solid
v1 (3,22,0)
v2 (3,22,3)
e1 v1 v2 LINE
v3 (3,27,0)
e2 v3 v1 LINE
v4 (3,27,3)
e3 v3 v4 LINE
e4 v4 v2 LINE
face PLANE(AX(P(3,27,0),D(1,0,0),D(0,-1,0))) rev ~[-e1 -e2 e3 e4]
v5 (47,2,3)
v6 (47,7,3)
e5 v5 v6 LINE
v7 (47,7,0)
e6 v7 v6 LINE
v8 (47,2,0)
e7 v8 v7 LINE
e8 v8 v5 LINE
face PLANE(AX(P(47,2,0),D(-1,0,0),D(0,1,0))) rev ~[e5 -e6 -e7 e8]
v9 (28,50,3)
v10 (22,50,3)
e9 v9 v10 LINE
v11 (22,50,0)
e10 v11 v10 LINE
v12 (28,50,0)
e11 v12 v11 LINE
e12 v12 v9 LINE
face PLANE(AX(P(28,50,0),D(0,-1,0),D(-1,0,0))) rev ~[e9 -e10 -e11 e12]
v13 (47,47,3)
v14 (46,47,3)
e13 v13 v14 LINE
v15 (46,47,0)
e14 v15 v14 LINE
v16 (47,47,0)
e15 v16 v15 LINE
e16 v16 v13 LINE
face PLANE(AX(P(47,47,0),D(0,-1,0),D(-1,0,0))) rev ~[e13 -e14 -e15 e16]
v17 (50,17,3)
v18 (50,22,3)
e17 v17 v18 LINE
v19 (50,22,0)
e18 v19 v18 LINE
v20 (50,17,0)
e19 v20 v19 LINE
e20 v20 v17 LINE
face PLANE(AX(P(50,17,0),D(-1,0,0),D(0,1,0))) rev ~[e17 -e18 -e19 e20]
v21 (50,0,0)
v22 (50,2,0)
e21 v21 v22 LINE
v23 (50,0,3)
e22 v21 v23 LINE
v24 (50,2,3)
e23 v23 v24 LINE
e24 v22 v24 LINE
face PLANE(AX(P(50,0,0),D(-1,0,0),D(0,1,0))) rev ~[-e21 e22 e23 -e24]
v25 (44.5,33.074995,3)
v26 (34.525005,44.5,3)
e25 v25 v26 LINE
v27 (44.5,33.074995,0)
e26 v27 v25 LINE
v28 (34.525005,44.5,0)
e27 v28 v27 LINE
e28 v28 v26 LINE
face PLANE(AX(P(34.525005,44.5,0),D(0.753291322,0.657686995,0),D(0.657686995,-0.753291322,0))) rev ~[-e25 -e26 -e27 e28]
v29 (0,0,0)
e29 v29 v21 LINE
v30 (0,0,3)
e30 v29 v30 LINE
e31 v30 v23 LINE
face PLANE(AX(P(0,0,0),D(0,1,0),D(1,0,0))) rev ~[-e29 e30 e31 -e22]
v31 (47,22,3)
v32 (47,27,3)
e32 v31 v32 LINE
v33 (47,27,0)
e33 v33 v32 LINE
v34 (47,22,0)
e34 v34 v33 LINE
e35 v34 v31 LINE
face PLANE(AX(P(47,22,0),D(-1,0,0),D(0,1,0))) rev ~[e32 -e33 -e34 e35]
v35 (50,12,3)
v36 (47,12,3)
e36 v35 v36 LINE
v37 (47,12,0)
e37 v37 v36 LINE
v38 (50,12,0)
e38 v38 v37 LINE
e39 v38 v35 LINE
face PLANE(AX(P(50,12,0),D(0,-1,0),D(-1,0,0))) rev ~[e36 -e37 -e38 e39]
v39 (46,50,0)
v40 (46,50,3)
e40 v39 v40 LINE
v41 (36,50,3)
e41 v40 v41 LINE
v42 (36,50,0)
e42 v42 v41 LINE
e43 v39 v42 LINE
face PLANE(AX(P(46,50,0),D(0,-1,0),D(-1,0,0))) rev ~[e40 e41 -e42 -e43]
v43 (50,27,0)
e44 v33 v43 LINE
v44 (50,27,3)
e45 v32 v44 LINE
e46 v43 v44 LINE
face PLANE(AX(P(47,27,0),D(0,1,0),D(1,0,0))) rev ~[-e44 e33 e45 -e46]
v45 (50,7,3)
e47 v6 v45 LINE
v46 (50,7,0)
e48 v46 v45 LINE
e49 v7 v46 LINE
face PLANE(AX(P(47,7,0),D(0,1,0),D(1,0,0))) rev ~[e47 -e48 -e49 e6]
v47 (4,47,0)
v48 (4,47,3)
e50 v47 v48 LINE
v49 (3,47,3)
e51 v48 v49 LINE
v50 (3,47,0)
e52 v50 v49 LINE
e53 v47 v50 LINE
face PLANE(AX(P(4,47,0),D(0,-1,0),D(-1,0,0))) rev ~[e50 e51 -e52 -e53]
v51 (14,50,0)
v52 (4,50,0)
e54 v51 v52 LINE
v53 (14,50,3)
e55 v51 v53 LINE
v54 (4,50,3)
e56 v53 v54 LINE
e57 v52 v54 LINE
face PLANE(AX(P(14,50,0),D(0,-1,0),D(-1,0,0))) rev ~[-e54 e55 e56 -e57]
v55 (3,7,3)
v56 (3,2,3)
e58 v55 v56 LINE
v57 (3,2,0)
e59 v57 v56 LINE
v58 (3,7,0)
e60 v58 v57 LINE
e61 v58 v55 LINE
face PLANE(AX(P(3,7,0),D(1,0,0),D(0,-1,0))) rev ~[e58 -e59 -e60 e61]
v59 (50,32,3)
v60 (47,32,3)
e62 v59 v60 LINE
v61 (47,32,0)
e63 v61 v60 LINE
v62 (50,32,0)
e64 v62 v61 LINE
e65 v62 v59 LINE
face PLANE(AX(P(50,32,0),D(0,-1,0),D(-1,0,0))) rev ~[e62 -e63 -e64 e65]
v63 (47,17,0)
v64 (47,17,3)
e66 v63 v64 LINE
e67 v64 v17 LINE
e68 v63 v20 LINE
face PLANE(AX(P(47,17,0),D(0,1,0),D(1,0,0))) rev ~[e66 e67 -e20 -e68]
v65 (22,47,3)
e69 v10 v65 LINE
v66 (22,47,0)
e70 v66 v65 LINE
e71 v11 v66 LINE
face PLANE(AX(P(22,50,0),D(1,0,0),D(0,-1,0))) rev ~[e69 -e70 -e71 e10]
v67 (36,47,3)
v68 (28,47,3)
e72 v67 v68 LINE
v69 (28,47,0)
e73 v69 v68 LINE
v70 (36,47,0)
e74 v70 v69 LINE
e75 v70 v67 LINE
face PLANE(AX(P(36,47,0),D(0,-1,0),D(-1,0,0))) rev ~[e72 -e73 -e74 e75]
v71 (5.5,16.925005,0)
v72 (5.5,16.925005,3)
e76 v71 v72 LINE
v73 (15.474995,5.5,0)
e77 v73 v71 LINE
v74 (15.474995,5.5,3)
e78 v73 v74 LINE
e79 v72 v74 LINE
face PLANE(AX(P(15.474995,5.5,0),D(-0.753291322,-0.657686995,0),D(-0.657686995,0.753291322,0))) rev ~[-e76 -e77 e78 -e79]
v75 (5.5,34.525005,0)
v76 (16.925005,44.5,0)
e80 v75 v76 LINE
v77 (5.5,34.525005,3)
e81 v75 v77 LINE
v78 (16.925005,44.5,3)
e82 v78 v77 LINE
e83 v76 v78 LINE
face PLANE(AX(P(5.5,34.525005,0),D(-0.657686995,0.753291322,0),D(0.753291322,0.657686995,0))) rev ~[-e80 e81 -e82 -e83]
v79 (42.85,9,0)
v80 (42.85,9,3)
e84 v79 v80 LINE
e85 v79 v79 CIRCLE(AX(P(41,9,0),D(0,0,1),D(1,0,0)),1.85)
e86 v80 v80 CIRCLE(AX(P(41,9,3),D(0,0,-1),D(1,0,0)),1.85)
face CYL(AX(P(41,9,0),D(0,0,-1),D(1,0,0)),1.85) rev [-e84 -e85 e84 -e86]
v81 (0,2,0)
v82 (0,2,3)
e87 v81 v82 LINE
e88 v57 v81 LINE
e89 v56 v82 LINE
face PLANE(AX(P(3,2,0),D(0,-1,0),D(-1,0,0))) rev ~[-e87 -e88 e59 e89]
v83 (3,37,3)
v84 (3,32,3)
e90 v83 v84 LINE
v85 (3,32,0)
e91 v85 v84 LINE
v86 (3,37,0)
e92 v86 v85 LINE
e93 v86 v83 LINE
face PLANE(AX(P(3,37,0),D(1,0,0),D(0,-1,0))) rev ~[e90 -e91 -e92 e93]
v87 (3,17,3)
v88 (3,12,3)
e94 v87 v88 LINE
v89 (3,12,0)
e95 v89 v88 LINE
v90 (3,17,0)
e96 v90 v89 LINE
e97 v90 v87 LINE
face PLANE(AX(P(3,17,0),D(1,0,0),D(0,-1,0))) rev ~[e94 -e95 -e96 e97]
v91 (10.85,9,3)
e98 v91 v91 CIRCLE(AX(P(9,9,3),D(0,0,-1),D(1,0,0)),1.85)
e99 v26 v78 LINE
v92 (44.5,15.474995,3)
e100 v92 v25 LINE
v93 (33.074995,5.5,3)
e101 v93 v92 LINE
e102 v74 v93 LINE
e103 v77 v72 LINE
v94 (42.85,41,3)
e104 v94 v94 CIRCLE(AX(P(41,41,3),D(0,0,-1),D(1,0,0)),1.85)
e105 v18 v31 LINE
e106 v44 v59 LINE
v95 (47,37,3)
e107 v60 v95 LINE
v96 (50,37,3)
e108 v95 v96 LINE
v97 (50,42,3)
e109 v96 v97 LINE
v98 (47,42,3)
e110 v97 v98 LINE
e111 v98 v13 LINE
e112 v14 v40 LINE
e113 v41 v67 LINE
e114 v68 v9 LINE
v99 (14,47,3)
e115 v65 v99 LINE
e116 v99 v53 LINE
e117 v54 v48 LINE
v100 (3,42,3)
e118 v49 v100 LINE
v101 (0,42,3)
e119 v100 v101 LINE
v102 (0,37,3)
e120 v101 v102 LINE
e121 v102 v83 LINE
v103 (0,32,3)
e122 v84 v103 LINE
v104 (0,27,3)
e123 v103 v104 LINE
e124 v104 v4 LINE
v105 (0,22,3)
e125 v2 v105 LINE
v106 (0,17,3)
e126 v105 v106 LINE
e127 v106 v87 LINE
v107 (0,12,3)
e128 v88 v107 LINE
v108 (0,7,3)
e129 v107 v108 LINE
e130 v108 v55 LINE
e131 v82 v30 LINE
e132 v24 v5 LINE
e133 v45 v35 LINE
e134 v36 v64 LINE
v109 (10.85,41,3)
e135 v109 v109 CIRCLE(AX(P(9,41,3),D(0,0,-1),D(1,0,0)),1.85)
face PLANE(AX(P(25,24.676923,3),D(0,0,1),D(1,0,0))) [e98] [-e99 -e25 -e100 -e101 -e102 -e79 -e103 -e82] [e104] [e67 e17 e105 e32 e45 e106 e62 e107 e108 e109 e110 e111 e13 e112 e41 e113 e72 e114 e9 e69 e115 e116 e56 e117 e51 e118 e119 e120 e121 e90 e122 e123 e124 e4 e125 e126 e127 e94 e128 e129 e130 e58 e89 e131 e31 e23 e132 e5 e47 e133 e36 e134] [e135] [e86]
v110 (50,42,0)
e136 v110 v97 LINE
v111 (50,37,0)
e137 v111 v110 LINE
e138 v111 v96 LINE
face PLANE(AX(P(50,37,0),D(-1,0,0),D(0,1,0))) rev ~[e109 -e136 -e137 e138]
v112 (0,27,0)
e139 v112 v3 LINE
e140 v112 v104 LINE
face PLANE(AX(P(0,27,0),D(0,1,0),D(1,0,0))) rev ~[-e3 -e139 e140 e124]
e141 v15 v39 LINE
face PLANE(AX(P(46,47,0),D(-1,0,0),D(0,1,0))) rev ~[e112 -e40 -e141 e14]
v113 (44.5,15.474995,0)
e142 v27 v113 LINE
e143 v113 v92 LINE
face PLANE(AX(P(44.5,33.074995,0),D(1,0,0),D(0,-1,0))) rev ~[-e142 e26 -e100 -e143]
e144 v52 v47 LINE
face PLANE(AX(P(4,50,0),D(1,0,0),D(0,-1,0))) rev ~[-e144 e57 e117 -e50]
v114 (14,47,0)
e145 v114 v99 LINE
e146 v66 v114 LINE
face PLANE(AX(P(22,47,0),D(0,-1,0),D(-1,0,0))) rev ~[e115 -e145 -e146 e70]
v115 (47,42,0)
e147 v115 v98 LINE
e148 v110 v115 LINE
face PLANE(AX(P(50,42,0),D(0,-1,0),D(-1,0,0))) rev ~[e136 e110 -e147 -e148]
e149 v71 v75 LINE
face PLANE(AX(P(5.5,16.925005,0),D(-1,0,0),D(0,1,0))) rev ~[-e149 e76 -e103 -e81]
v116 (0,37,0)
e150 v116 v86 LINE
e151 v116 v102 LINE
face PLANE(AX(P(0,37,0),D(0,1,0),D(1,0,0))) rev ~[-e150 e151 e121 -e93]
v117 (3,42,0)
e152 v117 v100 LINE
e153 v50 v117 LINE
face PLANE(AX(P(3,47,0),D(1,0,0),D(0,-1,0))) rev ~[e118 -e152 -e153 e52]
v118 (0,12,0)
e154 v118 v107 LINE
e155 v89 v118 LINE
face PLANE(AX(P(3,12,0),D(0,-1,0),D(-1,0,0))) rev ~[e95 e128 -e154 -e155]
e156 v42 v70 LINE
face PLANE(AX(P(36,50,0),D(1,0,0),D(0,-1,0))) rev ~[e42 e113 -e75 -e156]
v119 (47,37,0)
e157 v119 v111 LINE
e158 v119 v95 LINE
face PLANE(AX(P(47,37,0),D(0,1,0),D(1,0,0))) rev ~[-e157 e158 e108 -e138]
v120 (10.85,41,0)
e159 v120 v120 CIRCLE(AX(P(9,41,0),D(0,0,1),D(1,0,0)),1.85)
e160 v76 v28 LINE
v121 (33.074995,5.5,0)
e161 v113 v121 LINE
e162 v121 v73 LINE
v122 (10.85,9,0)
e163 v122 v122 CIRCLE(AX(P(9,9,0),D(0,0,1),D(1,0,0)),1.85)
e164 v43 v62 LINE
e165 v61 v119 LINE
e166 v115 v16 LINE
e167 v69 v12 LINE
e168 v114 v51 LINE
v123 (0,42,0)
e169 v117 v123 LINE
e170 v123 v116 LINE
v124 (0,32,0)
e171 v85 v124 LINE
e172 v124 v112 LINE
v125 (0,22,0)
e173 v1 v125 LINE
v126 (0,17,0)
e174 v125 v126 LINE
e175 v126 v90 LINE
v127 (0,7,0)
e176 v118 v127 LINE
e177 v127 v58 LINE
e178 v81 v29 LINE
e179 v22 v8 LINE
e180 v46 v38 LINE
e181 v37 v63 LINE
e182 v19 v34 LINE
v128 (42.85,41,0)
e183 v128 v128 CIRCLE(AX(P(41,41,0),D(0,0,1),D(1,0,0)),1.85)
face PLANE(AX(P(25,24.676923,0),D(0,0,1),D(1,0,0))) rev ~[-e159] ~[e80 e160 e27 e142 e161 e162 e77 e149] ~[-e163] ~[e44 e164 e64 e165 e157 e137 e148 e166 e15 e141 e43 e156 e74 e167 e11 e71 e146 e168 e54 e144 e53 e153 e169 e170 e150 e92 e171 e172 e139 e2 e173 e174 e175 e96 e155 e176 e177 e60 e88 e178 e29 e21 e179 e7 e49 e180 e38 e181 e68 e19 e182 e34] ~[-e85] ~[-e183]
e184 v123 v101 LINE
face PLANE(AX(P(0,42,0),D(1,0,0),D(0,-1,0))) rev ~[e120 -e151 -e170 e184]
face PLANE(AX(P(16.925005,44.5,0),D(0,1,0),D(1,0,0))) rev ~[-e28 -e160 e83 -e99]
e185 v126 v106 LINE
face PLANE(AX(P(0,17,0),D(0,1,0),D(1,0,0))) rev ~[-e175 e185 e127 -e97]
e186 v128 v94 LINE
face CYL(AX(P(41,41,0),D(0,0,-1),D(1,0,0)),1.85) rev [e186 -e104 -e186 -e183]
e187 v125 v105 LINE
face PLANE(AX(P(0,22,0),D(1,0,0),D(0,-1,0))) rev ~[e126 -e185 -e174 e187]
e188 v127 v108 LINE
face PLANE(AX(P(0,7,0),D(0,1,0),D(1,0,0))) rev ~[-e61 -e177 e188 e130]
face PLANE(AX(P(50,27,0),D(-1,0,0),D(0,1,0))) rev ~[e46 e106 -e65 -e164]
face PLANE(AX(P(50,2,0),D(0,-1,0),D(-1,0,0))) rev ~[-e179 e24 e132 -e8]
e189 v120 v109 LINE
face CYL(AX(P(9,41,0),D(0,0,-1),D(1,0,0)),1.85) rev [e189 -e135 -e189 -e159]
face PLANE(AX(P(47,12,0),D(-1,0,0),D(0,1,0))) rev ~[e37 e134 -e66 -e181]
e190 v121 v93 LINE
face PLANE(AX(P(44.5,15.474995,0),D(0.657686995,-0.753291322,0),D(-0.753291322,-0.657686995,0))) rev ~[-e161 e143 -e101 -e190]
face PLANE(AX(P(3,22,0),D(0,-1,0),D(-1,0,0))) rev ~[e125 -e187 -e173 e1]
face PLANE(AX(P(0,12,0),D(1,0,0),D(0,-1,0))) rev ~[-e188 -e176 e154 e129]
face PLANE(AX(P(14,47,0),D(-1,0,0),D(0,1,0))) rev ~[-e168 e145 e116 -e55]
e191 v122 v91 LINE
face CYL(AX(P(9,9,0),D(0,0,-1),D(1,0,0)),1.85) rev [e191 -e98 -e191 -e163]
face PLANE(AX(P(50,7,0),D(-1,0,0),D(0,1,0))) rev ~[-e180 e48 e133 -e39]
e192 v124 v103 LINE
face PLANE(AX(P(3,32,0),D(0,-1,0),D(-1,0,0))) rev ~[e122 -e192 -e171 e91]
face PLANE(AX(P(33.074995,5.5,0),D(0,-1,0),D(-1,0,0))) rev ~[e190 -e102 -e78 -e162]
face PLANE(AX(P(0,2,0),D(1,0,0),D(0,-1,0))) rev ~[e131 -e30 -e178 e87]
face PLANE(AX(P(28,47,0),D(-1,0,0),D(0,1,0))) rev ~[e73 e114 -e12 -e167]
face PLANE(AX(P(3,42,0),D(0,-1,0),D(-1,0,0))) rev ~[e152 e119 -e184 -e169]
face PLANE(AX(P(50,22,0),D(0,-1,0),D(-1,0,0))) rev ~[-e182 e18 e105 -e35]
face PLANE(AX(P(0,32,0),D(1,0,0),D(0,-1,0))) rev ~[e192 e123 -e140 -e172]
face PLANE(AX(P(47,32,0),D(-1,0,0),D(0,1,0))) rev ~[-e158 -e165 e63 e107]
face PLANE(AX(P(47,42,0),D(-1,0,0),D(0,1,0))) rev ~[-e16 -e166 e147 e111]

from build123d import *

# Parameters (mm, degrees)
BOSS_EXTRUDE1_DEPTH = 3
SKETCH2_R           = 1.85
CUT_EXTRUDE1_DEPTH  = 71.774289117


with BuildPart() as part:
    # Sketch1 → Boss-Extrude1 (new body)
    with BuildSketch(Plane.XY):
        Polygon((14, 50), (4, 50), (4, 47), (3, 47), (3, 42), (0, 42), (0, 37), (3, 37), (3, 32), (0, 32), (0, 27), (3, 27), (3, 22), (0, 22), (0, 17), (3, 17), (3, 12), (0, 12), (0, 7), (3, 7), (3, 2), (0, 2), (0, 0), (50, 0), (50, 2), (47, 2), (47, 7), (50, 7), (50, 12), (47, 12), (47, 17), (50, 17), (50, 22), (47, 22), (47, 27), (50, 27), (50, 32), (47, 32), (47, 37), (50, 37), (50, 42), (47, 42), (47, 47), (46, 47), (46, 50), (36, 50), (36, 47), (28, 47), (28, 50), (22, 50), (22, 47), (14, 47), align=None)
    extrude(amount=BOSS_EXTRUDE1_DEPTH)

    # Sketch2 → Cut-Extrude1 (cut, through all)
    with BuildSketch(Plane.XY):
        with Locations((9, 41)):
            Circle(SKETCH2_R)
        with Locations((41, 41)):
            Circle(SKETCH2_R)
        with Locations((41, 9)):
            Circle(SKETCH2_R)
        with Locations((9, 9)):
            Circle(SKETCH2_R)
        Polygon((33.074995027, 5.5), (15.474995027, 5.5), (5.5, 16.925004973), (5.5, 34.525004973), (16.925004973, 44.5), (34.525004973, 44.5), (44.5, 33.074995027), (44.5, 15.474995027), align=None)
    extrude(amount=CUT_EXTRUDE1_DEPTH, mode=Mode.SUBTRACT)


solid = part.part
